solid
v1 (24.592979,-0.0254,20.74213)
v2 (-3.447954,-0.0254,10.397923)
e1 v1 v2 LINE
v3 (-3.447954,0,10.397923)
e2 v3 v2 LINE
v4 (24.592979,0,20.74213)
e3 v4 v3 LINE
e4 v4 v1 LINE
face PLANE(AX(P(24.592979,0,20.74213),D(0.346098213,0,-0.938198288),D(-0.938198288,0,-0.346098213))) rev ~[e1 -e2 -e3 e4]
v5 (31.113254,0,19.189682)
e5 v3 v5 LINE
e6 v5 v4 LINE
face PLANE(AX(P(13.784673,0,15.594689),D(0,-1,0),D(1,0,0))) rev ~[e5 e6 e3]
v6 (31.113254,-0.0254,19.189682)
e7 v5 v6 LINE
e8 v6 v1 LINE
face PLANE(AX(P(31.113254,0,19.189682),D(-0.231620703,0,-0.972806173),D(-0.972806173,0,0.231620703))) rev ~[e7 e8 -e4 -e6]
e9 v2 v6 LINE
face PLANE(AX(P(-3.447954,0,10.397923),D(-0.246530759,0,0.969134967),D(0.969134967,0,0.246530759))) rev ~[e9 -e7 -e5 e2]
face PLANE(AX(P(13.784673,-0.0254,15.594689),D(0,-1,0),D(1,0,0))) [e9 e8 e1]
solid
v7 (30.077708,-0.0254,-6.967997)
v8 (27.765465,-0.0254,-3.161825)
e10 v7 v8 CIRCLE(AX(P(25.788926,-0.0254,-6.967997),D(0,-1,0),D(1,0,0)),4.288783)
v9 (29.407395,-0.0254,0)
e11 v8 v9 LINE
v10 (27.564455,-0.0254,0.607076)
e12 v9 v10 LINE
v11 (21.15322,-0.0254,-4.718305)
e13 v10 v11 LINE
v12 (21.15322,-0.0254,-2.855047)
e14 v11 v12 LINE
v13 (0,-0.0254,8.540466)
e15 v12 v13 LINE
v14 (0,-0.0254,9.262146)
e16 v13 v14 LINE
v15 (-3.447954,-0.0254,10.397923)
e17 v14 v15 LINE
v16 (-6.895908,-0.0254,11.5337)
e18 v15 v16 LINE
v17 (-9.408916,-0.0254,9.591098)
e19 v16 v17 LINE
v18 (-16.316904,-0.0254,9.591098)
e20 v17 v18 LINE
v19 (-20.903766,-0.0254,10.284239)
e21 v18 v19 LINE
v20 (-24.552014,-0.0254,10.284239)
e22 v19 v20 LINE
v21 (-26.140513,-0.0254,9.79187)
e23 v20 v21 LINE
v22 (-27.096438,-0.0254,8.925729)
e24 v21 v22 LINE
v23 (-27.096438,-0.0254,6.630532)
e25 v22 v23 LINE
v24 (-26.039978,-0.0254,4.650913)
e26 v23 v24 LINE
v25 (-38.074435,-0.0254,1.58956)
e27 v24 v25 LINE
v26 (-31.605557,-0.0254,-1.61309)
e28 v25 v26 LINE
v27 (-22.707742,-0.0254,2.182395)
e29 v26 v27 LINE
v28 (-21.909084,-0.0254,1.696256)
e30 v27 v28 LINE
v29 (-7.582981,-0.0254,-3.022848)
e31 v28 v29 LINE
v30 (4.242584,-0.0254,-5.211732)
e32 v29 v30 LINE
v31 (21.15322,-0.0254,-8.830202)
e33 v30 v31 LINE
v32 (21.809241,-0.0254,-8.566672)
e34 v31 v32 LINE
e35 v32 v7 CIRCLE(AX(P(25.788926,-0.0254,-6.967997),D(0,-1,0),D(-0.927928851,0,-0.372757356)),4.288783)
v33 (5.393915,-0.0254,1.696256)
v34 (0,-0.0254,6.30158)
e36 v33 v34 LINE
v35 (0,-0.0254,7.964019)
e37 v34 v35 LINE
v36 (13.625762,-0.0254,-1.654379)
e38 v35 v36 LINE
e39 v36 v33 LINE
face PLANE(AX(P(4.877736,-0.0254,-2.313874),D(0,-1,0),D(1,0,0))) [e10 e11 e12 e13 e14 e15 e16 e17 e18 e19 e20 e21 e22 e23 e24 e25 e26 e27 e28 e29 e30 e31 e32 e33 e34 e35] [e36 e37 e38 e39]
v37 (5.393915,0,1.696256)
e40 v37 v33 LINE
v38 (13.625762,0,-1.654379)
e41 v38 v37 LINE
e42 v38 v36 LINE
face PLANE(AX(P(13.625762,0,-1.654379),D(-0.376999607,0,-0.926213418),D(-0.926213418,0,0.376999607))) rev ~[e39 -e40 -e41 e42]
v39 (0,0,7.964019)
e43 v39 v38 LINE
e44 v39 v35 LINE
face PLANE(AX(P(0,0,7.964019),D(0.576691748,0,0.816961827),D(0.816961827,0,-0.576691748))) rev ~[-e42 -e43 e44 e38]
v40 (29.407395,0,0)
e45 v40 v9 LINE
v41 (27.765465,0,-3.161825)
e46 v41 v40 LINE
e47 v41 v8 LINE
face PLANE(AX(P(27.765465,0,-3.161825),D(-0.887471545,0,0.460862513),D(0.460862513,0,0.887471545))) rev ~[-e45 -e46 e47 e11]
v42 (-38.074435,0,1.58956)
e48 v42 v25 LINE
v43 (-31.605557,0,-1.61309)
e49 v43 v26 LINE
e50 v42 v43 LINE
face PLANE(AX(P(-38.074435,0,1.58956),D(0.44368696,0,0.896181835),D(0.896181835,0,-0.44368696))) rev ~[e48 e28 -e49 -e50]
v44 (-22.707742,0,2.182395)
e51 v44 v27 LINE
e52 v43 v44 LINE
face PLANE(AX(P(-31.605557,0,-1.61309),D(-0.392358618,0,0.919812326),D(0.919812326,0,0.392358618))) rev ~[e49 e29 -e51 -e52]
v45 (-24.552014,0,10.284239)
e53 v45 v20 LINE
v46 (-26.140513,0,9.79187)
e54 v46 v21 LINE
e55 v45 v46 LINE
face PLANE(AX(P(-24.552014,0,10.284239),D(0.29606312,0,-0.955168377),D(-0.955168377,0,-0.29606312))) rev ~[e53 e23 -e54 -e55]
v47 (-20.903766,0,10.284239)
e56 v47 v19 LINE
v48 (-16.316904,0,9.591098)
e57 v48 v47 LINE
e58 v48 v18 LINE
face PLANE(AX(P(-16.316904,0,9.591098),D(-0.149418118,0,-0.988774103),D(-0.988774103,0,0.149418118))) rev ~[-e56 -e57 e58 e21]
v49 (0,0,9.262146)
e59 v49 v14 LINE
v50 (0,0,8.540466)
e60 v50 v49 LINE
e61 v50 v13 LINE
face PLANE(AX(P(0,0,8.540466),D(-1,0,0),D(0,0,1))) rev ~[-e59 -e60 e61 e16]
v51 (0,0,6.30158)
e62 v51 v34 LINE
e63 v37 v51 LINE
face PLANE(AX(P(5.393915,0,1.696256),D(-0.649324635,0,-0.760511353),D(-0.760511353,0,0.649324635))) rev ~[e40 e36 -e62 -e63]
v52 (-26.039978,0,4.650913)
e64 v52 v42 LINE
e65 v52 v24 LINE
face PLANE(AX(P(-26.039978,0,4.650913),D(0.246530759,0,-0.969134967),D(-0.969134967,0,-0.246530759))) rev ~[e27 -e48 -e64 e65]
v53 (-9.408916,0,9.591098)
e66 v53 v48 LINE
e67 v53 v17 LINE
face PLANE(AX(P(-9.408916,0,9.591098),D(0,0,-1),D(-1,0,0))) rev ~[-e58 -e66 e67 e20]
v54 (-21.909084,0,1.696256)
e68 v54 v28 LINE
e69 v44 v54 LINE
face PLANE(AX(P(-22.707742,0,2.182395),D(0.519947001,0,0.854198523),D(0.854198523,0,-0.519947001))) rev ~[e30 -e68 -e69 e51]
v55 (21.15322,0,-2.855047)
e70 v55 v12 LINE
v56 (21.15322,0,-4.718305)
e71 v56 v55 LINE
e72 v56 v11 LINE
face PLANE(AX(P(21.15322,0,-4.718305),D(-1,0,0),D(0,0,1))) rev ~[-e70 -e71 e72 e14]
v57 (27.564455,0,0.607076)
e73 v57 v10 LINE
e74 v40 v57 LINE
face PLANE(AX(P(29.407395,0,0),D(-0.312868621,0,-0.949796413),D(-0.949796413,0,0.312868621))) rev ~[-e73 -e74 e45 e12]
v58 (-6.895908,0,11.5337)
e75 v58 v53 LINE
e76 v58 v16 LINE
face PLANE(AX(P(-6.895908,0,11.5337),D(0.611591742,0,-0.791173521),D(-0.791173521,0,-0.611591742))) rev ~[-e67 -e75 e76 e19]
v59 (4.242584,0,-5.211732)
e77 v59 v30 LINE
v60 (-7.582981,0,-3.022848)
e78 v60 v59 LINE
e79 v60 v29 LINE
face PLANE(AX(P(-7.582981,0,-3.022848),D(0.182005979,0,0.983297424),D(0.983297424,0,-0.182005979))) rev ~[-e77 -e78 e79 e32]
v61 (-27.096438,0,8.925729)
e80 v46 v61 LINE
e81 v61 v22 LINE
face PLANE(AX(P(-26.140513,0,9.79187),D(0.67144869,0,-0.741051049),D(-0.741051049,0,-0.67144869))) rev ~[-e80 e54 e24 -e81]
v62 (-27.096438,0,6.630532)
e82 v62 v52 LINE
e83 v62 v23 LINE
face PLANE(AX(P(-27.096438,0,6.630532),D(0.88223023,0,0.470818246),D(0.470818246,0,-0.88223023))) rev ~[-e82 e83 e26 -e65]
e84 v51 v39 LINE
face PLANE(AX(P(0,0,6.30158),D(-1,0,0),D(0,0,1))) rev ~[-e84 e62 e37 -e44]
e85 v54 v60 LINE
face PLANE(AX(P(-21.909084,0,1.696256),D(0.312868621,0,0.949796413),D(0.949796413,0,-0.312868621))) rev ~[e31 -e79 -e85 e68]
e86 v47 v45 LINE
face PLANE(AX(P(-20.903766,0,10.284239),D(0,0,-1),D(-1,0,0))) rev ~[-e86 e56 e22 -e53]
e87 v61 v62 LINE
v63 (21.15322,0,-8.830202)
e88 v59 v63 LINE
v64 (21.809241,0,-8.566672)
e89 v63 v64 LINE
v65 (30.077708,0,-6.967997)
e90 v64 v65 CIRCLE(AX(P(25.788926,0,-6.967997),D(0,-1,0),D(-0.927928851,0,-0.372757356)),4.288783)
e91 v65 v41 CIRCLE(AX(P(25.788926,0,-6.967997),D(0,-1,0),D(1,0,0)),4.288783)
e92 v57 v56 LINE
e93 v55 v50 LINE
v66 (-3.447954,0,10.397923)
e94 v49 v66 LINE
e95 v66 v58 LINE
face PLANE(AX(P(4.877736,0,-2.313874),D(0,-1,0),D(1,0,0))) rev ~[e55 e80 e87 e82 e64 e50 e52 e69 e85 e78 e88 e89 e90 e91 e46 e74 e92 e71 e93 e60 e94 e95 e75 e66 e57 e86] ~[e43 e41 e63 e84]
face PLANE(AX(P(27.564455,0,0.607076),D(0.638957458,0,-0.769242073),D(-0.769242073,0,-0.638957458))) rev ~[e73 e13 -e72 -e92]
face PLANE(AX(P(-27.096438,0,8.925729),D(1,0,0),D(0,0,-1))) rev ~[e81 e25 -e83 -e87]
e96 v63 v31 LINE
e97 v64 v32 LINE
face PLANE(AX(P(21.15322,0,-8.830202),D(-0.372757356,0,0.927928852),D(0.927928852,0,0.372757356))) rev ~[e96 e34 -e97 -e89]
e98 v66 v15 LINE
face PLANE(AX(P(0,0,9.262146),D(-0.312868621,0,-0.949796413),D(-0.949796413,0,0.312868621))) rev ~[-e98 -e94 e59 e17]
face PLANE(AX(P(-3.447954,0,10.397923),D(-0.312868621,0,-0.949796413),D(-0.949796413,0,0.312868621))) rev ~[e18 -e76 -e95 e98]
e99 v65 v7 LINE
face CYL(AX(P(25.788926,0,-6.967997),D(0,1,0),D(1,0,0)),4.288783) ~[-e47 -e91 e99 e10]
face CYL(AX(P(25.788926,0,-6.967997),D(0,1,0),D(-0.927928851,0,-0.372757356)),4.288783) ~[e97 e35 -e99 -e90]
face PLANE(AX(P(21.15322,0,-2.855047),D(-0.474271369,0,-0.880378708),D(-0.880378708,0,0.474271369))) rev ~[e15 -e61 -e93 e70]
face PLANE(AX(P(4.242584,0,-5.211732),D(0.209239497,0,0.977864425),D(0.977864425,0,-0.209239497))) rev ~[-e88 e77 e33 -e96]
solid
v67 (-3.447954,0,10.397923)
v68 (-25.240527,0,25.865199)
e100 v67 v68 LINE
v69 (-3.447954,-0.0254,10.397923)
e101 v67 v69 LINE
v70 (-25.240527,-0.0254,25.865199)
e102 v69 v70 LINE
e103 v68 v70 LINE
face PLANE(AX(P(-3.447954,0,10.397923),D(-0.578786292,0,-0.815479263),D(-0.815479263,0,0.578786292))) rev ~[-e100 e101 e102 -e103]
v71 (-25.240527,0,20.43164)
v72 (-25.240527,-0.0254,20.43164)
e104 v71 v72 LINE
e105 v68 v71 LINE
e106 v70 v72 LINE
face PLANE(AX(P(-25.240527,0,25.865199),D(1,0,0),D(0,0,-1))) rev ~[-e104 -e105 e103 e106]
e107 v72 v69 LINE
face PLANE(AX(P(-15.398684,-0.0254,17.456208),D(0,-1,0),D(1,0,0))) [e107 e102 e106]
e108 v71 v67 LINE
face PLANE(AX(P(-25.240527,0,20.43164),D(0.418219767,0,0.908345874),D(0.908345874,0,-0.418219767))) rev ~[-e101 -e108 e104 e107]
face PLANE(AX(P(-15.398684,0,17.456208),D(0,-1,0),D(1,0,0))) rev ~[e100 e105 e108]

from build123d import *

# Parameters (mm, degrees)
F1_DEPTH = 0.0254


with BuildPart() as f1:
    # F0 (on Front) → F1 (new body)
    with BuildSketch(Plane.XZ):
        with BuildLine():
            Line((21.1532198297, -4.7183046117), (21.1532198297, -6.9679971619))
            Line((21.1532198297, -6.9679971619), (0, 0))
            Line((0, 0), (-15.699960563, 5.1716609351))
            Line((-15.699960563, 5.1716609351), (-22.7077419713, 2.1823952402))
            Line((-22.7077419713, 2.1823952402), (-21.9090841711, 1.6962556401))
            Line((-21.9090841711, 1.6962556401), (-7.5829812436, -3.0228483707))
            Line((-7.5829812436, -3.0228483707), (4.2425836436, -5.2117318846))
            Line((4.2425836436, -5.2117318846), (21.1532198297, -8.8302018121))
            Line((21.1532198297, -8.8302018121), (21.8092405149, -8.5666724092))
            ThreePointArc((21.8092405149, -8.5666724092), (22.9068702124, -3.7919284222), (27.7654646969, -3.1618246777))
            Line((27.7654646969, -3.1618246777), (29.4073950499, 0))
            Line((29.4073950499, 0), (27.5644548807, 0.6070755172))
            Line((27.5644548807, 0.6070755172), (21.1532198297, -4.7183046117))
        make_face()
        Polygon((0, 0), (21.1532198297, -6.9679971619), (13.6257617504, -1.6543792964), (5.3939148784, 1.6962556401), (0, 6.3015804626), (0, 7.9640191465), (-3.4479540106, 10.3979231068), (-15.699960563, 5.1716609351), align=None)
        Polygon((13.6257617504, -1.6543792964), (21.1532198297, -6.9679971619), (21.1532198297, -4.7183046117), align=None)
        Polygon((0, 7.9640191465), (13.6257617504, -1.6543792964), (21.1532198297, -4.7183046117), (21.1532198297, -2.8550466523), (0, 8.5404657949), align=None)
        Polygon((-22.7077419713, 2.1823952402), (-15.699960563, 5.1716609351), (-19.3135461728, 6.3619976534), (-26.0399777707, 4.6509126704), (-25.6920289248, 3.9989179932), align=None)
        Polygon((-19.3135461728, 6.3619976534), (-15.699960563, 5.1716609351), (-3.4479540106, 10.3979231068), align=None)
        Polygon((-3.4479540106, 10.3979231068), (0, 7.9640191465), (0, 8.5404657949), align=None)
        Polygon((-26.0399777707, 4.6509126704), (-19.3135461728, 6.3619976534), (-27.0964379525, 8.9257287671), (-27.0964379525, 6.6305324435), align=None)
        Polygon((-27.0964379525, 8.9257287671), (-19.3135461728, 6.3619976534), (-3.4479540106, 10.3979231068), (-6.8959080211, 11.5336997854), (-9.4089163467, 9.5910979435), (-16.3169037551, 9.5910979435), (-20.9037661552, 10.2842394263), (-24.552013725, 10.2842394263), (-26.1405128986, 9.7918696702), align=None)
        Polygon((-31.6055566072, -1.613090164), (-22.7077419713, 2.1823952402), (-25.6920289248, 3.9989179932), (-26.0399777707, 4.6509126704), (-38.0744349224, 1.5895600628), align=None)
        Polygon((0, 9.2621464282), (-3.4479540106, 10.3979231068), (0, 8.5404657949), align=None)
        with BuildLine():
            ThreePointArc((30.0777081459, -6.9679971619), (29.4543452287, -4.7412608312), (27.7654646969, -3.1618246777))
            Line((27.7654646969, -3.1618246777), (25.7889255881, -6.9679971619))
            Line((25.7889255881, -6.9679971619), (21.8092405149, -8.5666724092))
            ThreePointArc((21.8092405149, -8.5666724092), (26.603066823, -11.1787963589), (30.0777081459, -6.9679971619))
        make_face()
        with BuildLine():
            Line((25.7889255881, -6.9679971619), (27.7654646969, -3.1618246777))
            ThreePointArc((27.7654646969, -3.1618246777), (22.9068702124, -3.7919284222), (21.8092405149, -8.5666724092))
            Line((21.8092405149, -8.5666724092), (25.7889255881, -6.9679971619))
        make_face()
    extrude(amount=F1_DEPTH)


with BuildPart() as f1b:
    # F0 (on Front) → F1, piece 2 (new body)
    with BuildSketch(Plane.XZ):
        Polygon((-25.2405274659, 20.4316396266), (-3.4479540106, 10.3979231068), (-25.2405274659, 25.8651990443), align=None)
    extrude(amount=F1_DEPTH)


with BuildPart() as f1c:
    # F0 (on Front) → F1, piece 3 (new body)
    with BuildSketch(Plane.XZ):
        Polygon((24.5929788798, 20.7421295345), (-3.4479540106, 10.3979231068), (31.1132539064, 19.1896818578), align=None)
    extrude(amount=F1_DEPTH)


solid = Compound([f1.part, f1b.part, f1c.part])
